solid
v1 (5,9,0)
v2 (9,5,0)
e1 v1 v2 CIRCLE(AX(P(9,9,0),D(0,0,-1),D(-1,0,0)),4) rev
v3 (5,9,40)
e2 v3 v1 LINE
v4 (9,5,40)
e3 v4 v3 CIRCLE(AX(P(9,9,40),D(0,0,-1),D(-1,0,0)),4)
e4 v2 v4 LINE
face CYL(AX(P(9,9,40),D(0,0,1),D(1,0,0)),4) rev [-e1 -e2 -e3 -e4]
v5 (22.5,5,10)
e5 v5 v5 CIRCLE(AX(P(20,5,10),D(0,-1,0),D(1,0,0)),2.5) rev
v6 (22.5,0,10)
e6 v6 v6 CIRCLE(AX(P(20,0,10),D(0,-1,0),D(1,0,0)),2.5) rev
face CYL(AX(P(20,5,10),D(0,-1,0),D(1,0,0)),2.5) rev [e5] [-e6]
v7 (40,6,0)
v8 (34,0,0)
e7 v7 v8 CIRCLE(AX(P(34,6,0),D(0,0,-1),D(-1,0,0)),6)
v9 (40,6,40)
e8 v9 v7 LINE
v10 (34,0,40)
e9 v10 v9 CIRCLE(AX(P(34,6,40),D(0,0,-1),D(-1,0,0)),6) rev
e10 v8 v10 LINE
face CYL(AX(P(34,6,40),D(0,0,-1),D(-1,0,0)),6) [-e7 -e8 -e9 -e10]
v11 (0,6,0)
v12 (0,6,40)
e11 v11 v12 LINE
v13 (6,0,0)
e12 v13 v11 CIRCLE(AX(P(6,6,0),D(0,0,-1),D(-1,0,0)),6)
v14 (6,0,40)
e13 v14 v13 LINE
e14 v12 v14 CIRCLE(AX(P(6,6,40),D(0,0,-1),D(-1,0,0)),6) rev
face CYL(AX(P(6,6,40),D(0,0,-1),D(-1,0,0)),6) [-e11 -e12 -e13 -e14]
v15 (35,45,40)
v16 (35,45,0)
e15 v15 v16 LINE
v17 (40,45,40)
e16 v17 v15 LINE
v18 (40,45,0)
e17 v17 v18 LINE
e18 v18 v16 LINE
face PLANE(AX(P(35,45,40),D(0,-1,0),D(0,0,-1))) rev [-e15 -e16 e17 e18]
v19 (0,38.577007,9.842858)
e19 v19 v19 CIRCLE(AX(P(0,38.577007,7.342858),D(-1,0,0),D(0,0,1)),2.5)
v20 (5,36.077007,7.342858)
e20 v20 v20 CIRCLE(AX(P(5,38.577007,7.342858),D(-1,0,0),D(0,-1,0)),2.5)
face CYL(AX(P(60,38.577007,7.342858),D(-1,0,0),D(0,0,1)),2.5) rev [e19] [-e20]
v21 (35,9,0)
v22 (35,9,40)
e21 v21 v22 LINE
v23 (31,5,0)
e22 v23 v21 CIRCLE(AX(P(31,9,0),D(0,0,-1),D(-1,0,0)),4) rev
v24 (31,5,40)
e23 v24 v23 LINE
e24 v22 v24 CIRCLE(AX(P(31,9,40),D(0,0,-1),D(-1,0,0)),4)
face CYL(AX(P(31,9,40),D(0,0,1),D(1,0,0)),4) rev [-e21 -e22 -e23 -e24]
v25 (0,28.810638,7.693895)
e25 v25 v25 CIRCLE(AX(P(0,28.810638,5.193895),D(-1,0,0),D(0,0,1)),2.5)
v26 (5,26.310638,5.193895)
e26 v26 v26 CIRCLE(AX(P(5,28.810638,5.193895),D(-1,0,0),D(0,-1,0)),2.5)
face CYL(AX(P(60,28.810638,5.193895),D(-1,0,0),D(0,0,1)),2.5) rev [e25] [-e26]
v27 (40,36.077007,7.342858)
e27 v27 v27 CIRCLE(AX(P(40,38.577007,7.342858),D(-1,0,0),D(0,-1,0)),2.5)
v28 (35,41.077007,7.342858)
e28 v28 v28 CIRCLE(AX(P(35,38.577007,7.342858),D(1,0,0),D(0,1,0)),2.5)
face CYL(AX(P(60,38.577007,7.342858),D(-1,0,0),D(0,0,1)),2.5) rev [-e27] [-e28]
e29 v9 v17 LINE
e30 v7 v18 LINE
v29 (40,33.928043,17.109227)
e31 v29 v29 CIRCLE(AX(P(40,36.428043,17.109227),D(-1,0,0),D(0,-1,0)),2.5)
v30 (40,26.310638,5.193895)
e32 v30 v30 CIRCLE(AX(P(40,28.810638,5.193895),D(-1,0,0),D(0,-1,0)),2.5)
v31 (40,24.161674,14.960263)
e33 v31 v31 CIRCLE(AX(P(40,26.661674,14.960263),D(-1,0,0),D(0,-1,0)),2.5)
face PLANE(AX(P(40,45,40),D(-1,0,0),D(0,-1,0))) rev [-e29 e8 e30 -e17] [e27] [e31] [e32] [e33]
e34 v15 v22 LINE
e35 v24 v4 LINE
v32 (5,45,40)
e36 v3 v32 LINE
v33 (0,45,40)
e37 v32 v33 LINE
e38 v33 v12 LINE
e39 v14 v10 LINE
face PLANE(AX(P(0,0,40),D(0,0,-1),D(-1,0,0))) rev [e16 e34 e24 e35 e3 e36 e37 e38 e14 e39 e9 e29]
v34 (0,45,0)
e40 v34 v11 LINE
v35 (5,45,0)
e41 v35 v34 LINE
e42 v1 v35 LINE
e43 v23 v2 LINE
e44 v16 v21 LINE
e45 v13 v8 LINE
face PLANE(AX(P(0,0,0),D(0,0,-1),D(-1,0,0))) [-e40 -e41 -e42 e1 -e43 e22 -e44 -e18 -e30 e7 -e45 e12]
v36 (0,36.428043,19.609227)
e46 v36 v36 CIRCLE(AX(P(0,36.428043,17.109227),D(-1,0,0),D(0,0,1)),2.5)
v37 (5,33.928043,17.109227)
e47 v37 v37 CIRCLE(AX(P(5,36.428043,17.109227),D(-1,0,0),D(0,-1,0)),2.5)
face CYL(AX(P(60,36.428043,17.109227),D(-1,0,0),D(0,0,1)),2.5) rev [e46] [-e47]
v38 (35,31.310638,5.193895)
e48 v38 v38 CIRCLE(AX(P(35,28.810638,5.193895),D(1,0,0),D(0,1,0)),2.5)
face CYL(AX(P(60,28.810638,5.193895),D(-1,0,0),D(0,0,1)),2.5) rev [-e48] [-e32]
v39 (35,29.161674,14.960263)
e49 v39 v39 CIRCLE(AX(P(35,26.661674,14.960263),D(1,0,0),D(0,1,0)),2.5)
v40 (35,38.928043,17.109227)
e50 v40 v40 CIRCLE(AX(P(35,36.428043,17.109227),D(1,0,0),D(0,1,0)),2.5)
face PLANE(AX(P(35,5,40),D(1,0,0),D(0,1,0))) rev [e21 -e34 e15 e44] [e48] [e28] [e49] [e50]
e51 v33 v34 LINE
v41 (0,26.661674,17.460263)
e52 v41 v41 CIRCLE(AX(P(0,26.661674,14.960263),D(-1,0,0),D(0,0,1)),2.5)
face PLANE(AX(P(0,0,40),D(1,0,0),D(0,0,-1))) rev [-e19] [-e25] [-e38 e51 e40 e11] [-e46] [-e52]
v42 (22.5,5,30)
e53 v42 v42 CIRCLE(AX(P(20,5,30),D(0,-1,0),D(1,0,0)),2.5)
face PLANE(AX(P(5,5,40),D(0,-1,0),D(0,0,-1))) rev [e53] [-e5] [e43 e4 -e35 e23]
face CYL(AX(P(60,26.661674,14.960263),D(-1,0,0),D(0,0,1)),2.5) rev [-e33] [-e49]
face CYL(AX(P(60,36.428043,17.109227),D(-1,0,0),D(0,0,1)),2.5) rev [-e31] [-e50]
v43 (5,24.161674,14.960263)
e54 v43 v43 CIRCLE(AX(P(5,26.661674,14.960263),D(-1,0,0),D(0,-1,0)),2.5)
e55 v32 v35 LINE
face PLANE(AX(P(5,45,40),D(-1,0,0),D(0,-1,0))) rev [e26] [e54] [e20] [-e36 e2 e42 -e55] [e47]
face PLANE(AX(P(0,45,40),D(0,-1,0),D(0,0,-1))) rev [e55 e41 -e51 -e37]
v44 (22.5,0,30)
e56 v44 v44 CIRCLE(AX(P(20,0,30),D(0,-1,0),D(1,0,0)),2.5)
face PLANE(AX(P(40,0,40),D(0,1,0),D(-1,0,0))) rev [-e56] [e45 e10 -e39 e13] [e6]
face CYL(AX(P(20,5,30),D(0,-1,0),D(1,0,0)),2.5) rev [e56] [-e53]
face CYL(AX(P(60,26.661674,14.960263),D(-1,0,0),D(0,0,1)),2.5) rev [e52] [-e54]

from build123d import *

# Parameters (mm, degrees)
RESSALTO_EXTRUS_O1_DEPTH = 40
FILETE1_R                = 6
ESBO_O3_R                = 2.5
CORTE_EXTRUS_O1_DEPTH    = 60
FILETE2_R                = 4
ESBO_O6_R                = 2.5
CORTE_EXTRUS_O4_DEPTH    = 5


with BuildPart() as part:
    # Esboço1 → Ressalto-extrusão1 (new body)
    with BuildSketch(Plane.XY):
        Polygon((0, 0), (0, 45), (5, 45), (5, 5), (35, 5), (35, 45), (40, 45), (40, 0), align=None)
    extrude(amount=RESSALTO_EXTRUS_O1_DEPTH)

    # Filete1
    filete1_edges = [part.edges().sort_by_distance(p)[0] for p in [
        (0, 0, 20),
        (40, 0, 20),
    ]]
    fillet(filete1_edges, radius=FILETE1_R)

    # Esboço3 → Corte-extrusão1 (cut)
    with BuildSketch(Plane.ZY):
        with Locations((7.342858474, 38.577006564)):
            Circle(ESBO_O3_R)
        with Locations((17.109227068, 36.428042981)):
            Circle(ESBO_O3_R)
        with Locations((14.960263485, 26.661674387)):
            Circle(ESBO_O3_R)
        with Locations((5.193894891, 28.810637969)):
            Circle(ESBO_O3_R)
    extrude(amount=-CORTE_EXTRUS_O1_DEPTH, mode=Mode.SUBTRACT)

    # Filete2
    filete2_edges = [part.edges().sort_by_distance(p)[0] for p in [
        (5, 5, 20),
        (35, 5, 20),
    ]]
    fillet(filete2_edges, radius=FILETE2_R)

    # Esboço6 → Corte-extrusão4 (cut)
    with BuildSketch(Plane.XZ):
        with Locations((20, 30)):
            Circle(ESBO_O6_R)
        with Locations((20, 10)):
            Circle(ESBO_O6_R)
    extrude(amount=-CORTE_EXTRUS_O4_DEPTH, mode=Mode.SUBTRACT)


solid = part.part
